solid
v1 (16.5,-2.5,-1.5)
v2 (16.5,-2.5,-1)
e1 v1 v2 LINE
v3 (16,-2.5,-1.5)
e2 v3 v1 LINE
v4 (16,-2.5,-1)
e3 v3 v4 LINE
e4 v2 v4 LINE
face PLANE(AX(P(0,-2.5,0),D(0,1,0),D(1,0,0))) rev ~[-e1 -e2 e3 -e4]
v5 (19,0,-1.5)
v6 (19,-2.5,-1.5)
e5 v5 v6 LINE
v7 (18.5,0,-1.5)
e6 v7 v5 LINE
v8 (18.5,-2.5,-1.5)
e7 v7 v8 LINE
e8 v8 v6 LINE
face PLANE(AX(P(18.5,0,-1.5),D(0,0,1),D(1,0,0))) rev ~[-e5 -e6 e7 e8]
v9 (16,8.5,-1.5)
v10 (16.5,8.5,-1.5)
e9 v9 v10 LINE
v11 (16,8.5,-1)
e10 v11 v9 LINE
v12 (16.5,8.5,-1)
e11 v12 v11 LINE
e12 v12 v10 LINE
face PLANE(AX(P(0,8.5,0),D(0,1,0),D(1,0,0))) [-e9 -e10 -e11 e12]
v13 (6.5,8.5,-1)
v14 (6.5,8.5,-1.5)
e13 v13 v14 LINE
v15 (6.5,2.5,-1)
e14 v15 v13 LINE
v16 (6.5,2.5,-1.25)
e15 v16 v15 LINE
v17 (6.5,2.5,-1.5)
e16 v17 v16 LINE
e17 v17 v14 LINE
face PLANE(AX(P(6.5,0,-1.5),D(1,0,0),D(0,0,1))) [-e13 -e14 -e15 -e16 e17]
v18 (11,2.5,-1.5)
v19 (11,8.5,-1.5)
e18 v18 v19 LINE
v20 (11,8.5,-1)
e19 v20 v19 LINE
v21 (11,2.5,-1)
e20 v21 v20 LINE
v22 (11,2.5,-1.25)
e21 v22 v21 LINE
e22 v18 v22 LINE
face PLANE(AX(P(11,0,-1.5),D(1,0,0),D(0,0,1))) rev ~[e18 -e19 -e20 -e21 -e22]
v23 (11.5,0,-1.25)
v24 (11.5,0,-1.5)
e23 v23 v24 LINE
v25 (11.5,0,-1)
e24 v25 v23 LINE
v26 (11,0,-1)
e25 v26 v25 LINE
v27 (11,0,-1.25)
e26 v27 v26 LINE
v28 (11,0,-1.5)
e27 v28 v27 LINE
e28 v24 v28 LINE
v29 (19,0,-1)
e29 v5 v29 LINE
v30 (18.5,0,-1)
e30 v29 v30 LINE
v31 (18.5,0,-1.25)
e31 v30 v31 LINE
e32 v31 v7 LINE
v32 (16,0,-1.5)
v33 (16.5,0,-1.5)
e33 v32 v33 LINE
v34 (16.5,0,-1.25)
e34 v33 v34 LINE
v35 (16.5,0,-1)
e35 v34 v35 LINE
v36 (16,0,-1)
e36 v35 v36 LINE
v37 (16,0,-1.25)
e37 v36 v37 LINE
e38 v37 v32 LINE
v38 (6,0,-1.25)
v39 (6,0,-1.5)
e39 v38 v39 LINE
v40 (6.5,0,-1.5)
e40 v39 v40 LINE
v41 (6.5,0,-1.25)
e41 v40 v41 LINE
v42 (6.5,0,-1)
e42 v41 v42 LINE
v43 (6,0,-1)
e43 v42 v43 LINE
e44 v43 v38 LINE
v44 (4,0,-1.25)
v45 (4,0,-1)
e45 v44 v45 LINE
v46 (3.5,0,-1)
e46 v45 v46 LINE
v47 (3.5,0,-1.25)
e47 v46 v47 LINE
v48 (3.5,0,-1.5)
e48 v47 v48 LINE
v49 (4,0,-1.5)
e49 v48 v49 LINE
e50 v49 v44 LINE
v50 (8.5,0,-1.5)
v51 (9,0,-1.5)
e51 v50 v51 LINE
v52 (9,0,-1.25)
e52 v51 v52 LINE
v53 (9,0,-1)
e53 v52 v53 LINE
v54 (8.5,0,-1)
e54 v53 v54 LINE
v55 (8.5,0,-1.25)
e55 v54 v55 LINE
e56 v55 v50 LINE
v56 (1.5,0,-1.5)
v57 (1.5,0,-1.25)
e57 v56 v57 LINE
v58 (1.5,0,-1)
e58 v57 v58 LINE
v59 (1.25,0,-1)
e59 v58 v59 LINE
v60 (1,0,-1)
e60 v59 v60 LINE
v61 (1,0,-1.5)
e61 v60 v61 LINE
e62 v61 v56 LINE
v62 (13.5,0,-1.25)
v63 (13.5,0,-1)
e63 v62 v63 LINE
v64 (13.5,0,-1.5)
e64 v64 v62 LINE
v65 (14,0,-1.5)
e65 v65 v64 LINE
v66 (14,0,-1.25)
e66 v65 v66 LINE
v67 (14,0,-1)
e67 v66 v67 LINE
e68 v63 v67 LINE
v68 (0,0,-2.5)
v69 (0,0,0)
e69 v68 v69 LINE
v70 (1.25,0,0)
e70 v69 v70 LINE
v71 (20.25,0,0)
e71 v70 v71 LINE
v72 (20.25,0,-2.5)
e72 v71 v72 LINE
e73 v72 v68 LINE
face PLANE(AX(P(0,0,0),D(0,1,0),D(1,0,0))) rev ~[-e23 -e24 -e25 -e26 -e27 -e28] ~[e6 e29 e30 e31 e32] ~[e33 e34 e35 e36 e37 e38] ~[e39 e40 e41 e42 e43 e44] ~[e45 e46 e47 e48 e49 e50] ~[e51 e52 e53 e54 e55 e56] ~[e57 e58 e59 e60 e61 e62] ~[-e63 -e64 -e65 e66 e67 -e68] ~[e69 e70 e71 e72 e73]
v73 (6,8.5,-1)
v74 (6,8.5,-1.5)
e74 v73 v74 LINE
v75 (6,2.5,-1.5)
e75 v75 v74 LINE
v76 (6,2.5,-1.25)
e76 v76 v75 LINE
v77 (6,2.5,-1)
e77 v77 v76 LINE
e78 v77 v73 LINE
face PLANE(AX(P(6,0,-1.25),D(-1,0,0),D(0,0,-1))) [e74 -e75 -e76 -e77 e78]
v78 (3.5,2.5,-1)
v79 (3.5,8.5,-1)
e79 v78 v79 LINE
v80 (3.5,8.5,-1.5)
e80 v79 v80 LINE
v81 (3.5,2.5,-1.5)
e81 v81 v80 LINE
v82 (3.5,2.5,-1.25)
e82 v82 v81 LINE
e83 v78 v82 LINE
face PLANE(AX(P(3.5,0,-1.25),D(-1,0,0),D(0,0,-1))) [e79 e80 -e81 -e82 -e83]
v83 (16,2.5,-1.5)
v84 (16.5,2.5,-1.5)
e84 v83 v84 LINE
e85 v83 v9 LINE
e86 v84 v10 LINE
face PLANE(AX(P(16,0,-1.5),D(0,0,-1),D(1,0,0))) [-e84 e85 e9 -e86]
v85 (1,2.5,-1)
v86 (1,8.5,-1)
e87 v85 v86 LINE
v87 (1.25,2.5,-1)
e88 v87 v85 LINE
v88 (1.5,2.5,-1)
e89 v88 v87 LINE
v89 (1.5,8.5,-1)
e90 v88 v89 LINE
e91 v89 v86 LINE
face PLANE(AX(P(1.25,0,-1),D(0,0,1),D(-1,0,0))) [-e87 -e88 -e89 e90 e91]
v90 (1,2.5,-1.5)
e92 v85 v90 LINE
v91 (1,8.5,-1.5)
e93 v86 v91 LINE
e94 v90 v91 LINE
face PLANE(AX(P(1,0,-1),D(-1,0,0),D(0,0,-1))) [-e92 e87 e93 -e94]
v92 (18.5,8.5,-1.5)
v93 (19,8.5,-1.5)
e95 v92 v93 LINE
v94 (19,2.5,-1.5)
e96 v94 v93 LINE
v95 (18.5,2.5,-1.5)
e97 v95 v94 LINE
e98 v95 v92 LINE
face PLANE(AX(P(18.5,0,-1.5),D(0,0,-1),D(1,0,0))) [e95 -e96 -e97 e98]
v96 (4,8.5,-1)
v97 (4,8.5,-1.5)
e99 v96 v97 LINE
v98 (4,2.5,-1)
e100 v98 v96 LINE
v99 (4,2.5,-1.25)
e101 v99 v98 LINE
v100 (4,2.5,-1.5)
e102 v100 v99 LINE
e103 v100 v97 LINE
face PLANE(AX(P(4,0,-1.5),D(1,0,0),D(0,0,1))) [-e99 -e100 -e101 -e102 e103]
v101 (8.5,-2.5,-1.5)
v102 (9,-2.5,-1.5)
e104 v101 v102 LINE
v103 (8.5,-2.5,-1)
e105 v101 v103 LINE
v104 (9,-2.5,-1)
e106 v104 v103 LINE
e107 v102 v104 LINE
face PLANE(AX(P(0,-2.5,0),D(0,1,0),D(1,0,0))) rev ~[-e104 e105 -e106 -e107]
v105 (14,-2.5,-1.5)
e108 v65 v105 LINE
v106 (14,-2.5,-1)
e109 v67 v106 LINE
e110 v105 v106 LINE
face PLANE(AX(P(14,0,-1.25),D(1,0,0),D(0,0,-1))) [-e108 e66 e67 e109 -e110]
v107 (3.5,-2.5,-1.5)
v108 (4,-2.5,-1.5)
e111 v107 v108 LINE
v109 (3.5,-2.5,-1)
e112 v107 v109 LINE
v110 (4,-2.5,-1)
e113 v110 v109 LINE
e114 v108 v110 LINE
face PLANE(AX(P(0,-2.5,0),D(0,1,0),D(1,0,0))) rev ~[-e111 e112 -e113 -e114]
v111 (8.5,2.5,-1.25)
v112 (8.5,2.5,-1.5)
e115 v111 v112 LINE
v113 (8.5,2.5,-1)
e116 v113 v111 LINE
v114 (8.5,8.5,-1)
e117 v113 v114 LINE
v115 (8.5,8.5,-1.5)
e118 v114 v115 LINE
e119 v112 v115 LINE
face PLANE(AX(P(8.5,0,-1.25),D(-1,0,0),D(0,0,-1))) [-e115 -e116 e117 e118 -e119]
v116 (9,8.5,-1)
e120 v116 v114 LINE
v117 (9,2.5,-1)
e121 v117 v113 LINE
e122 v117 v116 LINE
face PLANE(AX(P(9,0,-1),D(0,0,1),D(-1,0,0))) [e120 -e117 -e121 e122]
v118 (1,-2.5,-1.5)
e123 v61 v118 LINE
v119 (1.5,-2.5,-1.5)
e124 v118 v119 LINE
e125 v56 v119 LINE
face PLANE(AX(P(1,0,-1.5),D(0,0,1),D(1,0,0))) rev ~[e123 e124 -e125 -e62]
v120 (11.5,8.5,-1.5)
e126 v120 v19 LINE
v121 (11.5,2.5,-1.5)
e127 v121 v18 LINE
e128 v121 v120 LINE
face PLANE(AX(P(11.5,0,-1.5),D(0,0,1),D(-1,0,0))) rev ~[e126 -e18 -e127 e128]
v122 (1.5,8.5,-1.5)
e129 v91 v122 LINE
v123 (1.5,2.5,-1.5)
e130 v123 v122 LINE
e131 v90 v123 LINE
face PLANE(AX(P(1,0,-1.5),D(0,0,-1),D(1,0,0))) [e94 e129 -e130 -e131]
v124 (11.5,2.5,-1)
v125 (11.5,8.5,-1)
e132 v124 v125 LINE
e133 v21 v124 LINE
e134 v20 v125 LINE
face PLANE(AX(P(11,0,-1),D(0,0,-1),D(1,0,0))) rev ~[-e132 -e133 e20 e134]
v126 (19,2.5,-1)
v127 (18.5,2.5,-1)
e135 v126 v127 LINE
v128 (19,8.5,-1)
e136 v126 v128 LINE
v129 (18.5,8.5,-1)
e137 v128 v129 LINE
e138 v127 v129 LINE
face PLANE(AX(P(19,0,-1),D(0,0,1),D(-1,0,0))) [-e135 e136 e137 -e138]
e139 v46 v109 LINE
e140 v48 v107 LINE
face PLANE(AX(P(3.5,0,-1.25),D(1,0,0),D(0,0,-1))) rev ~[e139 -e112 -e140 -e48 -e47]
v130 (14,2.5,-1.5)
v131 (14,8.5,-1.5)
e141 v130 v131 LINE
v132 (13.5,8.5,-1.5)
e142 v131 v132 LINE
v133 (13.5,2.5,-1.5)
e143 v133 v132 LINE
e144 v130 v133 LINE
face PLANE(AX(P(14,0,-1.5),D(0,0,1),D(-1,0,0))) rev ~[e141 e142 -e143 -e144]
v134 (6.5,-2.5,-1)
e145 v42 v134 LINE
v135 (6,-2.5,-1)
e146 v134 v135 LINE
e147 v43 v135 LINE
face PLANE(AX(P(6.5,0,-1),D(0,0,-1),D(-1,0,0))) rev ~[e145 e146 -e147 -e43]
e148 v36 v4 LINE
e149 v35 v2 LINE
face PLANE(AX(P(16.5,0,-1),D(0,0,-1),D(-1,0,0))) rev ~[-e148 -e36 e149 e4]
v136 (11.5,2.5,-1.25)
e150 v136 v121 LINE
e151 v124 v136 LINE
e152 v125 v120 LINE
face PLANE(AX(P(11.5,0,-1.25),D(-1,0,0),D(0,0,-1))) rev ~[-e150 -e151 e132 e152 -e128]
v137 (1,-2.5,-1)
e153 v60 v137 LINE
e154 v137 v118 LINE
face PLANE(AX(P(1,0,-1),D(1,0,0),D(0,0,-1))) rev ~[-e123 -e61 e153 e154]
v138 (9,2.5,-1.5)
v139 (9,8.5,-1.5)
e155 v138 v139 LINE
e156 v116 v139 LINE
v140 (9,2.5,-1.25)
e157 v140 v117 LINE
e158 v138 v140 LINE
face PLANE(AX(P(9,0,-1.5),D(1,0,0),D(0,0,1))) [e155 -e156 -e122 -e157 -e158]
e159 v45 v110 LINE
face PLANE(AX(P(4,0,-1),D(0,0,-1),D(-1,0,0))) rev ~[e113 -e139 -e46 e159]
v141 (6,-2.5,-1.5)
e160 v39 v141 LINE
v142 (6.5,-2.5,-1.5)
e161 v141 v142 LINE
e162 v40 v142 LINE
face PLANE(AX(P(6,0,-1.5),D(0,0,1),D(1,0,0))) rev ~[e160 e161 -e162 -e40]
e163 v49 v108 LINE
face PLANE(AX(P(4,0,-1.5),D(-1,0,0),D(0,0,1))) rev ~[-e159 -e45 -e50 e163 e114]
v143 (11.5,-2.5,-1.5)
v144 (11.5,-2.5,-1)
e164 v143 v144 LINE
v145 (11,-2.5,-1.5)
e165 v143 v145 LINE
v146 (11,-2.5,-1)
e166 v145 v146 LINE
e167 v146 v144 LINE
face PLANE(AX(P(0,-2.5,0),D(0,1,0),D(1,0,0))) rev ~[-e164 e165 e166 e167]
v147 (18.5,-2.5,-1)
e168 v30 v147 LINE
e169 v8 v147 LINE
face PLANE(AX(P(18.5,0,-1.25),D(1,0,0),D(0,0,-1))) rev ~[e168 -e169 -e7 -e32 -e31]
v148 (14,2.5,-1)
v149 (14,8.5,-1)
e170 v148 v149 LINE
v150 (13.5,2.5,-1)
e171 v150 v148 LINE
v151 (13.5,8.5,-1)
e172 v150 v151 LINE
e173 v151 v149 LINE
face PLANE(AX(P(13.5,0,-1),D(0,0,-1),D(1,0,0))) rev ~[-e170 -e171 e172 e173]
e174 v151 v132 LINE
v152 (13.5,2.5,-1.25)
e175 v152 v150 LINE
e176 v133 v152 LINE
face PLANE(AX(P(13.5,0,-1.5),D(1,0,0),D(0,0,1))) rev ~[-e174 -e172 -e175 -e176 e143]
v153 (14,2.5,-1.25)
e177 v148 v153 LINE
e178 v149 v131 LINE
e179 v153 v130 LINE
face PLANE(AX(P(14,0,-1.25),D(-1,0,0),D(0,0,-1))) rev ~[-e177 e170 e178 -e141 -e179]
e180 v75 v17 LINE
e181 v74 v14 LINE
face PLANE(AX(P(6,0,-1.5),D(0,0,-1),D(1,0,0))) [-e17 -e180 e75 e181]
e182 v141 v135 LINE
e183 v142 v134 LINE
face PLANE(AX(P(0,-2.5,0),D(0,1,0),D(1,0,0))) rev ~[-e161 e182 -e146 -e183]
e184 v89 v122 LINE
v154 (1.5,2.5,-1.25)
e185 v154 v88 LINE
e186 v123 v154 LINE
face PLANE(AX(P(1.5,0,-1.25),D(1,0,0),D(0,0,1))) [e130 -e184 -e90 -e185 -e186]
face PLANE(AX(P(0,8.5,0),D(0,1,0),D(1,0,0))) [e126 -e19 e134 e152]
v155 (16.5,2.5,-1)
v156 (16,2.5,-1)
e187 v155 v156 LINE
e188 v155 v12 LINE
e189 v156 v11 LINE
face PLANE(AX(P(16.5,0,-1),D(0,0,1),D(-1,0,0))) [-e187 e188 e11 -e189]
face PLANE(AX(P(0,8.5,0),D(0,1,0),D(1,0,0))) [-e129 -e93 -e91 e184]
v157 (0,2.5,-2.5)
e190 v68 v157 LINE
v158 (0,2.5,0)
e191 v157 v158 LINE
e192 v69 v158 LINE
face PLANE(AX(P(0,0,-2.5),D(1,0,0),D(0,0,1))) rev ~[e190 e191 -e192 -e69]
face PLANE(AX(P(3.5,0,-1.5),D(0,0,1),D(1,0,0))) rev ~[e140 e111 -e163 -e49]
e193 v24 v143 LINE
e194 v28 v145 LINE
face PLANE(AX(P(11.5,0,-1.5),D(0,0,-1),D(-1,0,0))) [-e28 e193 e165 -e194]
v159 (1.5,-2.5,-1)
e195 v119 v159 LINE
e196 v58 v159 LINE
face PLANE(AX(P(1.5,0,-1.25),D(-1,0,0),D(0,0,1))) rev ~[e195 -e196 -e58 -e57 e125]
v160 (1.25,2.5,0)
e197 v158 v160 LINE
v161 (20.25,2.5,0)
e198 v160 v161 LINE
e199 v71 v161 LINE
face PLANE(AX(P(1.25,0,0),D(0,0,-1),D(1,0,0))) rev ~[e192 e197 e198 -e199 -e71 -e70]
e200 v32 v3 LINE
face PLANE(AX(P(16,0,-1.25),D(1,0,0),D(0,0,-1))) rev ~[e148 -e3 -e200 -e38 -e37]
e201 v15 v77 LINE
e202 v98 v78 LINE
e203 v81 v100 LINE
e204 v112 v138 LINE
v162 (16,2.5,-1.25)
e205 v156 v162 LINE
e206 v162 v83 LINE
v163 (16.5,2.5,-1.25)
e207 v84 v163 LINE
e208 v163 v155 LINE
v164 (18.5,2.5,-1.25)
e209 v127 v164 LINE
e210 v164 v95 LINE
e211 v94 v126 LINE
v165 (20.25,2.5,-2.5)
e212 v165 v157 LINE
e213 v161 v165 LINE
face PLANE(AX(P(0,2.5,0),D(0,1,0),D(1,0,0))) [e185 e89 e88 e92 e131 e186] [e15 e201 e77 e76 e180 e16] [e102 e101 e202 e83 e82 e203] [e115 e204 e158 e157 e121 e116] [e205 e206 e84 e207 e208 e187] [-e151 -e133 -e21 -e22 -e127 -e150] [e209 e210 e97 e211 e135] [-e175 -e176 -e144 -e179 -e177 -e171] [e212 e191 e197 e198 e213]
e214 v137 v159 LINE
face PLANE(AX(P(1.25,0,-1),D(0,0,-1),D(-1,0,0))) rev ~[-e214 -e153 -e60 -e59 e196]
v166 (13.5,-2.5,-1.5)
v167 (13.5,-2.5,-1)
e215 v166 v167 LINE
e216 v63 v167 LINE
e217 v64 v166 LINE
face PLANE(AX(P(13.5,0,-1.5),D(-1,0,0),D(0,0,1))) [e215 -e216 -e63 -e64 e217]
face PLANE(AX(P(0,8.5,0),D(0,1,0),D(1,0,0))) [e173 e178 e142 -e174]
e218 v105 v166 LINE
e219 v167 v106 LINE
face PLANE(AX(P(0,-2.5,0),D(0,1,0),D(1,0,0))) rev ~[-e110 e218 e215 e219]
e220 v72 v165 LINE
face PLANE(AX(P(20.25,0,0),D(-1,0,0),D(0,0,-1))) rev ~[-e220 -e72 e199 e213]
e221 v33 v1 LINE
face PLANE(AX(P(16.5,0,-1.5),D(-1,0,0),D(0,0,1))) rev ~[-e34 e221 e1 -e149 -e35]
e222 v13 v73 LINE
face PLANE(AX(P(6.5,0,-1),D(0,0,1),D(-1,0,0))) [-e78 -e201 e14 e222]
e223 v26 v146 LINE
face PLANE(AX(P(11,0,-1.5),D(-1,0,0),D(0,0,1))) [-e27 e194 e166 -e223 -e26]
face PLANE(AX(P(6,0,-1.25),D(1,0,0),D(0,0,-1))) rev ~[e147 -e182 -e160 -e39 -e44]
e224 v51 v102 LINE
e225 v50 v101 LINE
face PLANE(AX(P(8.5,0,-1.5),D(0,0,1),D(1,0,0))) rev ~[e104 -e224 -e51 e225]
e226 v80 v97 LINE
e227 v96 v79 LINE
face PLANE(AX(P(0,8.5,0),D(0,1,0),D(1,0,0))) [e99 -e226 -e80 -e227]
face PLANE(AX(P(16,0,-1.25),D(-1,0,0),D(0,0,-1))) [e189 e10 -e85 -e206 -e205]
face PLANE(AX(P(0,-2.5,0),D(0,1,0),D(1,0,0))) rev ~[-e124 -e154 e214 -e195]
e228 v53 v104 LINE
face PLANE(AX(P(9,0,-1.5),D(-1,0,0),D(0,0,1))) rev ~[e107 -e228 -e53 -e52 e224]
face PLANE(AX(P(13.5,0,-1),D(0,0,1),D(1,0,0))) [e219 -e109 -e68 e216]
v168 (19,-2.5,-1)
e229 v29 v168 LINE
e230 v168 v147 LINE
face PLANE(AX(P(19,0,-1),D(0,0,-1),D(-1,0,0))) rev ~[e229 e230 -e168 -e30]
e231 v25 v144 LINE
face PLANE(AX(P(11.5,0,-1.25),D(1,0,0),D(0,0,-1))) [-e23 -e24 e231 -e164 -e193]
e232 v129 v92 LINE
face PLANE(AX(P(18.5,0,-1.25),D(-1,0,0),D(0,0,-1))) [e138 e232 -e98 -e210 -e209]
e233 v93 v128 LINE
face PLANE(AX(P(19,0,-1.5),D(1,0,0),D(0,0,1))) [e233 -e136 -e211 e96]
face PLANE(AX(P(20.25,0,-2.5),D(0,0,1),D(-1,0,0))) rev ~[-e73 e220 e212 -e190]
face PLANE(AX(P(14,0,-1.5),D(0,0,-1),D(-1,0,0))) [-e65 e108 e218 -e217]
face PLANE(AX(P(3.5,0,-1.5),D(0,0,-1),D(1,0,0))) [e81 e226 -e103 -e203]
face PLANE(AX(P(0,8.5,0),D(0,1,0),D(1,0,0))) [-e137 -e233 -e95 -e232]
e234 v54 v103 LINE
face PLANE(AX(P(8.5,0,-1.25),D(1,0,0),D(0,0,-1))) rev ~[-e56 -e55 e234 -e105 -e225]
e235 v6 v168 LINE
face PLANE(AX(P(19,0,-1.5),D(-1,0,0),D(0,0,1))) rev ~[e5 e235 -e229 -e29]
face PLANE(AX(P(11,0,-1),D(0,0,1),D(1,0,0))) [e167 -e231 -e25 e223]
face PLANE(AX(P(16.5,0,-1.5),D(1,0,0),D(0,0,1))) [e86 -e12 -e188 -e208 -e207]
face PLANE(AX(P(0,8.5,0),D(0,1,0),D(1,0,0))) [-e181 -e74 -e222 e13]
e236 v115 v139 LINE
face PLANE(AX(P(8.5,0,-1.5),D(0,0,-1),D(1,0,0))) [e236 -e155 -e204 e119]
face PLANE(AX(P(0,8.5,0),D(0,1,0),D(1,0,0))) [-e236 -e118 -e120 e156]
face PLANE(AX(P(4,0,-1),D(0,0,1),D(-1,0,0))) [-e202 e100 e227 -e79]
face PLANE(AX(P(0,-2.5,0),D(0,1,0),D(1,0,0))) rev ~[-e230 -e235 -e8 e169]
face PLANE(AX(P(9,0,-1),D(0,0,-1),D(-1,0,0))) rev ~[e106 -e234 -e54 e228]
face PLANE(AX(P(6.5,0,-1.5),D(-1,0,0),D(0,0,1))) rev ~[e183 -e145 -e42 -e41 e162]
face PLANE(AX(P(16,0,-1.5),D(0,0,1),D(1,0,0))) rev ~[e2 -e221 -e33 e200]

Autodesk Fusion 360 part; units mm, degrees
sketch "Sketch1" plane through (0, 0, 0) normal (0, 1, 0) x (1, 0, 0)
  line L0 (0, 0) -> (20.25, 0)
  line L1 (20.25, 0) -> (20.25, 2.5)
  line L2 (20.25, 2.5) -> (0, 2.5)
  line L3 (0, 2.5) -> (0, 0)
  line L4 (0, 0) -> (1.25, 0)
  line L5 (1.25, 0) -> (1.25, 1.25)
  line L6 (1.5, 1) -> (1, 1)
  line L7 (1, 1) -> (1, 1.5)
  line L8 (1, 1.5) -> (1.5, 1.5)
  line L9 (1.5, 1.5) -> (1.5, 1)
  line L10 (1.5, 1) -> (1, 1.5) construction
  line L11 (1, 1) -> (1.5, 1.5) construction
  line L12 (1.25, 1.25) -> (3.75, 1.25)
  line L13 (4, 1) -> (3.5, 1)
  line L14 (3.5, 1) -> (3.5, 1.5)
  line L15 (3.5, 1.5) -> (4, 1.5)
  line L16 (4, 1.5) -> (4, 1)
  line L17 (4, 1) -> (3.5, 1.5) construction
  line L18 (3.5, 1) -> (4, 1.5) construction
  line L19 (3.75, 1.25) -> (6.25, 1.25)
  line L20 (6.5, 1) -> (6, 1)
  line L21 (6, 1) -> (6, 1.5)
  line L22 (6, 1.5) -> (6.5, 1.5)
  line L23 (6.5, 1.5) -> (6.5, 1)
  line L24 (6.5, 1) -> (6, 1.5) construction
  line L25 (6, 1) -> (6.5, 1.5) construction
  line L26 (6.25, 1.25) -> (8.75, 1.25)
  line L27 (9, 1) -> (8.5, 1)
  line L28 (8.5, 1) -> (8.5, 1.5)
  line L29 (8.5, 1.5) -> (9, 1.5)
  line L30 (9, 1.5) -> (9, 1)
  line L31 (9, 1) -> (8.5, 1.5) construction
  line L32 (8.5, 1) -> (9, 1.5) construction
  line L33 (8.75, 1.25) -> (11.25, 1.25)
  line L34 (11.5, 1.5) -> (11, 1.5)
  line L35 (11, 1.5) -> (11, 1)
  line L36 (11, 1) -> (11.5, 1)
  line L37 (11.5, 1) -> (11.5, 1.5)
  line L38 (11.5, 1.5) -> (11, 1) construction
  line L39 (11, 1.5) -> (11.5, 1) construction
  line L40 (11.25, 1.25) -> (13.75, 1.25)
  line L41 (14, 1.5) -> (13.5, 1.5)
  line L42 (13.5, 1.5) -> (13.5, 1)
  line L43 (13.5, 1) -> (14, 1)
  line L44 (14, 1) -> (14, 1.5)
  line L45 (14, 1.5) -> (13.5, 1) construction
  line L46 (13.5, 1.5) -> (14, 1) construction
  line L47 (13.75, 1.25) -> (16.25, 1.25)
  line L48 (16.5, 1) -> (16, 1)
  line L49 (16, 1) -> (16, 1.5)
  line L50 (16, 1.5) -> (16.5, 1.5)
  line L51 (16.5, 1.5) -> (16.5, 1)
  line L52 (16.5, 1) -> (16, 1.5) construction
  line L53 (16, 1) -> (16.5, 1.5) construction
  line L54 (16.25, 1.25) -> (18.75, 1.25)
  line L55 (19, 1) -> (18.5, 1)
  line L56 (18.5, 1) -> (18.5, 1.5)
  line L57 (18.5, 1.5) -> (19, 1.5)
  line L58 (19, 1.5) -> (19, 1)
  line L59 (19, 1) -> (18.5, 1.5) construction
  line L60 (18.5, 1) -> (19, 1.5) construction
  point P0 (1.25, 1.25)
  point P1 (3.75, 1.25)
  point P2 (6.25, 1.25)
  point P3 (8.75, 1.25)
  point P4 (11.25, 1.25)
  point P5 (13.75, 1.25)
  point P6 (16.25, 1.25)
  point P7 (18.75, 1.25)
  dimension "d1" = 20.25
  dimension "d2" = 0.5
  dimension "d3" = 0.5
  dimension "d4" = 0.5
  dimension "d5" = 0.5
  dimension "d6" = 2.5
  dimension "d7" = 0.5
  dimension "d8" = 0.5
  dimension "d9" = 0.5
  dimension "d10" = 0.5
  dimension "d11" = 2.5
  dimension "d12" = 0.5
  dimension "d13" = 0.5
  dimension "d14" = 2.5
  dimension "d15" = 0.5
  dimension "d16" = 0.5
  dimension "d17" = 2.5
  dimension "d18" = 0.5
  dimension "d19" = 0.5
  dimension "d24" = 2.5
  dimension "d25" = 1.25
  dimension "d26" = 1.25
  dimension "d27" = 2.5
  dimension "d28" = 2.5
  dimension "d29" = 2.5
extrude "Extrude1" add sketch "Sketch1" along normal blind 2.5 makes body 1
extrude "Extrude2" add sketch "Sketch1" along normal blind 8.5 separate body contours L5 L6 L7 L8 L9 L12 | L5 L6 L9 L12 | L12 L14 L15 L16 L19 | L12 L13 L14 L16 L19 | L19 L21 L22 L23 L26 | L19 L20 L21 L23 L26 | L26 L28 L29 L30 L33 | L26 L27 L28 L30 L33 | L33 L34 L35 L37 L40 | L33 L35 L36 L37 L40 | L40 L41 L42 L44 L47 | L40 L42 L43 L44 L47 | L47 L49 L50 L51 L54 | L47 L48 L49 L51 L54 | L55 L56 L57 L58 makes body 2 at (13.6667, 2.8333, -1) makes body 3 at (3.6667, 2.8333, -1.5) makes body 4 at (6, 2.8333, -1.1667) makes body 5 at (16, 2.8333, -1.1667) makes body 6 at (11.1667, 2.8333, -1) makes body 7 at (1.5, 2.8333, -1.3333) makes body 8 at (8.5, 2.8333, -1.1667) makes body 9 at (18.5, 2.8333, -1.1667)
extrude "Extrude3" add sketch "Sketch1" against normal blind 2.5 contours L5 L6 L7 L8 L9 L12 | L5 L6 L9 L12 | L12 L14 L15 L16 L19 | L12 L13 L14 L16 L19 | L19 L21 L22 L23 L26 | L19 L20 L21 L23 L26 | L26 L28 L29 L30 L33 | L26 L27 L28 L30 L33 | L33 L34 L35 L37 L40 | L33 L35 L36 L37 L40 | L40 L41 L42 L44 L47 | L40 L42 L43 L44 L47 | L47 L49 L50 L51 L54 | L47 L48 L49 L51 L54 | L55 L56 L57 L58 bodies 2 1 3 4 5 6 7 8 9
